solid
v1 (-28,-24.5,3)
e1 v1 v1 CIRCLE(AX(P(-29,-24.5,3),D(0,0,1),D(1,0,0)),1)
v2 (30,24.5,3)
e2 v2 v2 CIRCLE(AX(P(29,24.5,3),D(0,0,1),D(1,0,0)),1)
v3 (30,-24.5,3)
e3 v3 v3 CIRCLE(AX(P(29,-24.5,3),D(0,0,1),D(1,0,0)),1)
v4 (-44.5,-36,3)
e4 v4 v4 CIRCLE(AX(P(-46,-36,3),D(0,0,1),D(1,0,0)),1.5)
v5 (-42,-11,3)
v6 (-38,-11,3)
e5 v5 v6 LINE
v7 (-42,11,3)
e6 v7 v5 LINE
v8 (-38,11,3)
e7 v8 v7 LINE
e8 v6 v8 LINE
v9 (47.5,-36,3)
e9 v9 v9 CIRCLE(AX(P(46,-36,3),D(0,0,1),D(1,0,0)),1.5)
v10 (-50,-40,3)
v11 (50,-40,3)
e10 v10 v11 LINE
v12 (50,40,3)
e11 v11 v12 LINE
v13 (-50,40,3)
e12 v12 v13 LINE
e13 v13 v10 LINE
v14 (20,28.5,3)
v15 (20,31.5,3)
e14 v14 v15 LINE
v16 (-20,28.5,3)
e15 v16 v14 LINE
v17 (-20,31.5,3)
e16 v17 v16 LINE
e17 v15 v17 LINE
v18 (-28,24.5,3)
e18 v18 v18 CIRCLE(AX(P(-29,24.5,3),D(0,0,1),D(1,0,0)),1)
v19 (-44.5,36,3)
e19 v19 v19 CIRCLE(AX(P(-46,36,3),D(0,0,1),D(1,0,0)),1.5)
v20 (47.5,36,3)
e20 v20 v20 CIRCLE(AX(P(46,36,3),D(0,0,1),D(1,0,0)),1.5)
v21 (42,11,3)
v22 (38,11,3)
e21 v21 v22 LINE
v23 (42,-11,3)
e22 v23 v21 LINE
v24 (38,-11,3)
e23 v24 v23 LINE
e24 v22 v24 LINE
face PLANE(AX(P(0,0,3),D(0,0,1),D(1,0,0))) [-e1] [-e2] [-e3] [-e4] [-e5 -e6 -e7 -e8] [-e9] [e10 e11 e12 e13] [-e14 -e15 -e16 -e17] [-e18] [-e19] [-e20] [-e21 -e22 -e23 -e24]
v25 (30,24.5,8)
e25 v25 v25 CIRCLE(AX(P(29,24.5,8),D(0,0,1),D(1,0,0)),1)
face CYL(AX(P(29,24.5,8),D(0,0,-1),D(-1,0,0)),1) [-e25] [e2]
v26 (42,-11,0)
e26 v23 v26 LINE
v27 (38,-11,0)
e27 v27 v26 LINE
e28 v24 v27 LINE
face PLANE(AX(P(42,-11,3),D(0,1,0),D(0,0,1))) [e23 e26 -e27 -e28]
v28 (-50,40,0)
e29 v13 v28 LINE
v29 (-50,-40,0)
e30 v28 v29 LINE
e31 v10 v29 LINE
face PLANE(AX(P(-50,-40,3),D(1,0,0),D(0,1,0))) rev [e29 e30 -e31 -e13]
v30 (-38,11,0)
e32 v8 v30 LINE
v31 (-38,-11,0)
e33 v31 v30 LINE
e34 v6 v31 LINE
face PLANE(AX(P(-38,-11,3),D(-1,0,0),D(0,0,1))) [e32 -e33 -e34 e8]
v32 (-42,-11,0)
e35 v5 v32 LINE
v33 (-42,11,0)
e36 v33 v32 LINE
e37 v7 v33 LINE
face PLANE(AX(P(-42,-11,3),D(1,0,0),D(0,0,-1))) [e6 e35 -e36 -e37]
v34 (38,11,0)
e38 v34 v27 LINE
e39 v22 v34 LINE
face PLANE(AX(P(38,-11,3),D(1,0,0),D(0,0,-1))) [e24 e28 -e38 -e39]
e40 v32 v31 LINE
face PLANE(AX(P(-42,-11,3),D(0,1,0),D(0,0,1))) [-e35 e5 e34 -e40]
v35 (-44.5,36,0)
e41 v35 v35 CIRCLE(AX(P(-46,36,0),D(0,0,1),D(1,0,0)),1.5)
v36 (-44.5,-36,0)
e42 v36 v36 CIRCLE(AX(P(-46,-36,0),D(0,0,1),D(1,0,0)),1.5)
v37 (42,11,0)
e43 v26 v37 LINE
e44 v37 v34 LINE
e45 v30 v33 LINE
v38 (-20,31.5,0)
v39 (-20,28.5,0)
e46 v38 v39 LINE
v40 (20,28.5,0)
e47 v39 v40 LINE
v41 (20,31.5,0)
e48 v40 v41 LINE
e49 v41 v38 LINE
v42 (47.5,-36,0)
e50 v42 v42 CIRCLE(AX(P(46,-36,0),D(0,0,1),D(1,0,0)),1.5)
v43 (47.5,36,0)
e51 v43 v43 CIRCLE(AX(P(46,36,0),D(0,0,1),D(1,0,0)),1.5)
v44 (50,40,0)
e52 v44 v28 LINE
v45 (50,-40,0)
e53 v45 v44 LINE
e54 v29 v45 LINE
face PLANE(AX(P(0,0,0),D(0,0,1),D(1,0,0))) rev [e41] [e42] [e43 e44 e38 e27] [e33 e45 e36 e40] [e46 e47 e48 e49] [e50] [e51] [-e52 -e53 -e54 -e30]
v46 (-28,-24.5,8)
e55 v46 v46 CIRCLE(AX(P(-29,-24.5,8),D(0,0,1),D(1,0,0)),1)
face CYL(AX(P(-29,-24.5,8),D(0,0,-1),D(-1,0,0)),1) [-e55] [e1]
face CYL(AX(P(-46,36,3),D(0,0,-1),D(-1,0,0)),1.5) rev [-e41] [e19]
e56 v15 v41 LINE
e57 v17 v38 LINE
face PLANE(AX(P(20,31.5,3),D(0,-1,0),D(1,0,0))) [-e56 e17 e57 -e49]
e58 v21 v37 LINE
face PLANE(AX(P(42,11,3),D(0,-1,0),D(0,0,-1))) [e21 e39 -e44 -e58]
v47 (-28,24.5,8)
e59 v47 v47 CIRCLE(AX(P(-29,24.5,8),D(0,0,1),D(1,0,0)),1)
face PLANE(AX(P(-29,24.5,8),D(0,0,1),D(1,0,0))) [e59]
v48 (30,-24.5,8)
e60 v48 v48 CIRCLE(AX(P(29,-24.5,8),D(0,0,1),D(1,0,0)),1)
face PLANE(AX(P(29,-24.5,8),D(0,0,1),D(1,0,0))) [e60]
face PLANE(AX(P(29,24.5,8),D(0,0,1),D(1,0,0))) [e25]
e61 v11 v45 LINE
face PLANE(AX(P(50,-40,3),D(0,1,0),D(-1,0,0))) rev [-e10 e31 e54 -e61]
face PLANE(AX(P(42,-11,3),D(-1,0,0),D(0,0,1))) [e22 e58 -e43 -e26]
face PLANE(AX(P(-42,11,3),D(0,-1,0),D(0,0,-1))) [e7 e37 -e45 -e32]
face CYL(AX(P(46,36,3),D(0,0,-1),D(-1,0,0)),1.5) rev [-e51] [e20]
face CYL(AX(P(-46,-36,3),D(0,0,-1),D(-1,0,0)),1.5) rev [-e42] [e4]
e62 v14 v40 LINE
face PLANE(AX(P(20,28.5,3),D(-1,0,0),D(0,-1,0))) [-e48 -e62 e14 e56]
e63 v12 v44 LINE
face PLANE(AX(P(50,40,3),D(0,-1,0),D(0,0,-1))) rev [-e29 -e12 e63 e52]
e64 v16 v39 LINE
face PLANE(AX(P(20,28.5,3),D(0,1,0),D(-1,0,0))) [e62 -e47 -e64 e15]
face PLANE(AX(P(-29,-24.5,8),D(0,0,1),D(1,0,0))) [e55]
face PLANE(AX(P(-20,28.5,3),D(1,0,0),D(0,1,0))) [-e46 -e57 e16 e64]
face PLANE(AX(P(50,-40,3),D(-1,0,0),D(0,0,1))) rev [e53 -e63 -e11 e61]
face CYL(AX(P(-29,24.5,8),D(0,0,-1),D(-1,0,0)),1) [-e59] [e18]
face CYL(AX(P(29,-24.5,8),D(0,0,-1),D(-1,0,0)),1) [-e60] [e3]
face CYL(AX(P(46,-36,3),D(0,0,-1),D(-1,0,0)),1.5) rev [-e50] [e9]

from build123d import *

# Parameters (mm, degrees)
ESQUISSE1_W        = 100
ESQUISSE1_H        = 80
ESQUISSE1_R        = 1.5
ESQUISSE1_W_2      = 4
ESQUISSE1_H_2      = 22
ESQUISSE1_W_3      = 40
ESQUISSE1_H_3      = 3
BOSS_EXTRU_1_DEPTH = 3
ESQUISSE2_R        = 1
BOSS_EXTRU_2_DEPTH = 5


with BuildPart() as part:
    # Esquisse1 → Boss.-Extru.1 (new body)
    with BuildSketch(Plane.XY):
        Rectangle(ESQUISSE1_W, ESQUISSE1_H)
        with Locations((-46, 36)):
            Circle(ESQUISSE1_R, mode=Mode.SUBTRACT)
        with Locations((46, 36)):
            Circle(ESQUISSE1_R, mode=Mode.SUBTRACT)
        with Locations((46, -36)):
            Circle(ESQUISSE1_R, mode=Mode.SUBTRACT)
        with Locations((-46, -36)):
            Circle(ESQUISSE1_R, mode=Mode.SUBTRACT)
        with Locations((-40, 0)):
            Rectangle(ESQUISSE1_W_2, ESQUISSE1_H_2, mode=Mode.SUBTRACT)
        with Locations((40, 0)):
            Rectangle(ESQUISSE1_W_2, ESQUISSE1_H_2, mode=Mode.SUBTRACT)
        with Locations((0, 30)):
            Rectangle(ESQUISSE1_W_3, ESQUISSE1_H_3, mode=Mode.SUBTRACT)
    extrude(amount=BOSS_EXTRU_1_DEPTH)

    # Esquisse2 → Boss.-Extru.2 (add)
    with BuildSketch(Plane.XY.offset(3)):
        with Locations((-29, 24.5)):
            Circle(ESQUISSE2_R)
        with Locations((29, 24.5)):
            Circle(ESQUISSE2_R)
        with Locations((29, -24.5)):
            Circle(ESQUISSE2_R)
        with Locations((-29, -24.5)):
            Circle(ESQUISSE2_R)
    extrude(amount=BOSS_EXTRU_2_DEPTH)


solid = part.part
